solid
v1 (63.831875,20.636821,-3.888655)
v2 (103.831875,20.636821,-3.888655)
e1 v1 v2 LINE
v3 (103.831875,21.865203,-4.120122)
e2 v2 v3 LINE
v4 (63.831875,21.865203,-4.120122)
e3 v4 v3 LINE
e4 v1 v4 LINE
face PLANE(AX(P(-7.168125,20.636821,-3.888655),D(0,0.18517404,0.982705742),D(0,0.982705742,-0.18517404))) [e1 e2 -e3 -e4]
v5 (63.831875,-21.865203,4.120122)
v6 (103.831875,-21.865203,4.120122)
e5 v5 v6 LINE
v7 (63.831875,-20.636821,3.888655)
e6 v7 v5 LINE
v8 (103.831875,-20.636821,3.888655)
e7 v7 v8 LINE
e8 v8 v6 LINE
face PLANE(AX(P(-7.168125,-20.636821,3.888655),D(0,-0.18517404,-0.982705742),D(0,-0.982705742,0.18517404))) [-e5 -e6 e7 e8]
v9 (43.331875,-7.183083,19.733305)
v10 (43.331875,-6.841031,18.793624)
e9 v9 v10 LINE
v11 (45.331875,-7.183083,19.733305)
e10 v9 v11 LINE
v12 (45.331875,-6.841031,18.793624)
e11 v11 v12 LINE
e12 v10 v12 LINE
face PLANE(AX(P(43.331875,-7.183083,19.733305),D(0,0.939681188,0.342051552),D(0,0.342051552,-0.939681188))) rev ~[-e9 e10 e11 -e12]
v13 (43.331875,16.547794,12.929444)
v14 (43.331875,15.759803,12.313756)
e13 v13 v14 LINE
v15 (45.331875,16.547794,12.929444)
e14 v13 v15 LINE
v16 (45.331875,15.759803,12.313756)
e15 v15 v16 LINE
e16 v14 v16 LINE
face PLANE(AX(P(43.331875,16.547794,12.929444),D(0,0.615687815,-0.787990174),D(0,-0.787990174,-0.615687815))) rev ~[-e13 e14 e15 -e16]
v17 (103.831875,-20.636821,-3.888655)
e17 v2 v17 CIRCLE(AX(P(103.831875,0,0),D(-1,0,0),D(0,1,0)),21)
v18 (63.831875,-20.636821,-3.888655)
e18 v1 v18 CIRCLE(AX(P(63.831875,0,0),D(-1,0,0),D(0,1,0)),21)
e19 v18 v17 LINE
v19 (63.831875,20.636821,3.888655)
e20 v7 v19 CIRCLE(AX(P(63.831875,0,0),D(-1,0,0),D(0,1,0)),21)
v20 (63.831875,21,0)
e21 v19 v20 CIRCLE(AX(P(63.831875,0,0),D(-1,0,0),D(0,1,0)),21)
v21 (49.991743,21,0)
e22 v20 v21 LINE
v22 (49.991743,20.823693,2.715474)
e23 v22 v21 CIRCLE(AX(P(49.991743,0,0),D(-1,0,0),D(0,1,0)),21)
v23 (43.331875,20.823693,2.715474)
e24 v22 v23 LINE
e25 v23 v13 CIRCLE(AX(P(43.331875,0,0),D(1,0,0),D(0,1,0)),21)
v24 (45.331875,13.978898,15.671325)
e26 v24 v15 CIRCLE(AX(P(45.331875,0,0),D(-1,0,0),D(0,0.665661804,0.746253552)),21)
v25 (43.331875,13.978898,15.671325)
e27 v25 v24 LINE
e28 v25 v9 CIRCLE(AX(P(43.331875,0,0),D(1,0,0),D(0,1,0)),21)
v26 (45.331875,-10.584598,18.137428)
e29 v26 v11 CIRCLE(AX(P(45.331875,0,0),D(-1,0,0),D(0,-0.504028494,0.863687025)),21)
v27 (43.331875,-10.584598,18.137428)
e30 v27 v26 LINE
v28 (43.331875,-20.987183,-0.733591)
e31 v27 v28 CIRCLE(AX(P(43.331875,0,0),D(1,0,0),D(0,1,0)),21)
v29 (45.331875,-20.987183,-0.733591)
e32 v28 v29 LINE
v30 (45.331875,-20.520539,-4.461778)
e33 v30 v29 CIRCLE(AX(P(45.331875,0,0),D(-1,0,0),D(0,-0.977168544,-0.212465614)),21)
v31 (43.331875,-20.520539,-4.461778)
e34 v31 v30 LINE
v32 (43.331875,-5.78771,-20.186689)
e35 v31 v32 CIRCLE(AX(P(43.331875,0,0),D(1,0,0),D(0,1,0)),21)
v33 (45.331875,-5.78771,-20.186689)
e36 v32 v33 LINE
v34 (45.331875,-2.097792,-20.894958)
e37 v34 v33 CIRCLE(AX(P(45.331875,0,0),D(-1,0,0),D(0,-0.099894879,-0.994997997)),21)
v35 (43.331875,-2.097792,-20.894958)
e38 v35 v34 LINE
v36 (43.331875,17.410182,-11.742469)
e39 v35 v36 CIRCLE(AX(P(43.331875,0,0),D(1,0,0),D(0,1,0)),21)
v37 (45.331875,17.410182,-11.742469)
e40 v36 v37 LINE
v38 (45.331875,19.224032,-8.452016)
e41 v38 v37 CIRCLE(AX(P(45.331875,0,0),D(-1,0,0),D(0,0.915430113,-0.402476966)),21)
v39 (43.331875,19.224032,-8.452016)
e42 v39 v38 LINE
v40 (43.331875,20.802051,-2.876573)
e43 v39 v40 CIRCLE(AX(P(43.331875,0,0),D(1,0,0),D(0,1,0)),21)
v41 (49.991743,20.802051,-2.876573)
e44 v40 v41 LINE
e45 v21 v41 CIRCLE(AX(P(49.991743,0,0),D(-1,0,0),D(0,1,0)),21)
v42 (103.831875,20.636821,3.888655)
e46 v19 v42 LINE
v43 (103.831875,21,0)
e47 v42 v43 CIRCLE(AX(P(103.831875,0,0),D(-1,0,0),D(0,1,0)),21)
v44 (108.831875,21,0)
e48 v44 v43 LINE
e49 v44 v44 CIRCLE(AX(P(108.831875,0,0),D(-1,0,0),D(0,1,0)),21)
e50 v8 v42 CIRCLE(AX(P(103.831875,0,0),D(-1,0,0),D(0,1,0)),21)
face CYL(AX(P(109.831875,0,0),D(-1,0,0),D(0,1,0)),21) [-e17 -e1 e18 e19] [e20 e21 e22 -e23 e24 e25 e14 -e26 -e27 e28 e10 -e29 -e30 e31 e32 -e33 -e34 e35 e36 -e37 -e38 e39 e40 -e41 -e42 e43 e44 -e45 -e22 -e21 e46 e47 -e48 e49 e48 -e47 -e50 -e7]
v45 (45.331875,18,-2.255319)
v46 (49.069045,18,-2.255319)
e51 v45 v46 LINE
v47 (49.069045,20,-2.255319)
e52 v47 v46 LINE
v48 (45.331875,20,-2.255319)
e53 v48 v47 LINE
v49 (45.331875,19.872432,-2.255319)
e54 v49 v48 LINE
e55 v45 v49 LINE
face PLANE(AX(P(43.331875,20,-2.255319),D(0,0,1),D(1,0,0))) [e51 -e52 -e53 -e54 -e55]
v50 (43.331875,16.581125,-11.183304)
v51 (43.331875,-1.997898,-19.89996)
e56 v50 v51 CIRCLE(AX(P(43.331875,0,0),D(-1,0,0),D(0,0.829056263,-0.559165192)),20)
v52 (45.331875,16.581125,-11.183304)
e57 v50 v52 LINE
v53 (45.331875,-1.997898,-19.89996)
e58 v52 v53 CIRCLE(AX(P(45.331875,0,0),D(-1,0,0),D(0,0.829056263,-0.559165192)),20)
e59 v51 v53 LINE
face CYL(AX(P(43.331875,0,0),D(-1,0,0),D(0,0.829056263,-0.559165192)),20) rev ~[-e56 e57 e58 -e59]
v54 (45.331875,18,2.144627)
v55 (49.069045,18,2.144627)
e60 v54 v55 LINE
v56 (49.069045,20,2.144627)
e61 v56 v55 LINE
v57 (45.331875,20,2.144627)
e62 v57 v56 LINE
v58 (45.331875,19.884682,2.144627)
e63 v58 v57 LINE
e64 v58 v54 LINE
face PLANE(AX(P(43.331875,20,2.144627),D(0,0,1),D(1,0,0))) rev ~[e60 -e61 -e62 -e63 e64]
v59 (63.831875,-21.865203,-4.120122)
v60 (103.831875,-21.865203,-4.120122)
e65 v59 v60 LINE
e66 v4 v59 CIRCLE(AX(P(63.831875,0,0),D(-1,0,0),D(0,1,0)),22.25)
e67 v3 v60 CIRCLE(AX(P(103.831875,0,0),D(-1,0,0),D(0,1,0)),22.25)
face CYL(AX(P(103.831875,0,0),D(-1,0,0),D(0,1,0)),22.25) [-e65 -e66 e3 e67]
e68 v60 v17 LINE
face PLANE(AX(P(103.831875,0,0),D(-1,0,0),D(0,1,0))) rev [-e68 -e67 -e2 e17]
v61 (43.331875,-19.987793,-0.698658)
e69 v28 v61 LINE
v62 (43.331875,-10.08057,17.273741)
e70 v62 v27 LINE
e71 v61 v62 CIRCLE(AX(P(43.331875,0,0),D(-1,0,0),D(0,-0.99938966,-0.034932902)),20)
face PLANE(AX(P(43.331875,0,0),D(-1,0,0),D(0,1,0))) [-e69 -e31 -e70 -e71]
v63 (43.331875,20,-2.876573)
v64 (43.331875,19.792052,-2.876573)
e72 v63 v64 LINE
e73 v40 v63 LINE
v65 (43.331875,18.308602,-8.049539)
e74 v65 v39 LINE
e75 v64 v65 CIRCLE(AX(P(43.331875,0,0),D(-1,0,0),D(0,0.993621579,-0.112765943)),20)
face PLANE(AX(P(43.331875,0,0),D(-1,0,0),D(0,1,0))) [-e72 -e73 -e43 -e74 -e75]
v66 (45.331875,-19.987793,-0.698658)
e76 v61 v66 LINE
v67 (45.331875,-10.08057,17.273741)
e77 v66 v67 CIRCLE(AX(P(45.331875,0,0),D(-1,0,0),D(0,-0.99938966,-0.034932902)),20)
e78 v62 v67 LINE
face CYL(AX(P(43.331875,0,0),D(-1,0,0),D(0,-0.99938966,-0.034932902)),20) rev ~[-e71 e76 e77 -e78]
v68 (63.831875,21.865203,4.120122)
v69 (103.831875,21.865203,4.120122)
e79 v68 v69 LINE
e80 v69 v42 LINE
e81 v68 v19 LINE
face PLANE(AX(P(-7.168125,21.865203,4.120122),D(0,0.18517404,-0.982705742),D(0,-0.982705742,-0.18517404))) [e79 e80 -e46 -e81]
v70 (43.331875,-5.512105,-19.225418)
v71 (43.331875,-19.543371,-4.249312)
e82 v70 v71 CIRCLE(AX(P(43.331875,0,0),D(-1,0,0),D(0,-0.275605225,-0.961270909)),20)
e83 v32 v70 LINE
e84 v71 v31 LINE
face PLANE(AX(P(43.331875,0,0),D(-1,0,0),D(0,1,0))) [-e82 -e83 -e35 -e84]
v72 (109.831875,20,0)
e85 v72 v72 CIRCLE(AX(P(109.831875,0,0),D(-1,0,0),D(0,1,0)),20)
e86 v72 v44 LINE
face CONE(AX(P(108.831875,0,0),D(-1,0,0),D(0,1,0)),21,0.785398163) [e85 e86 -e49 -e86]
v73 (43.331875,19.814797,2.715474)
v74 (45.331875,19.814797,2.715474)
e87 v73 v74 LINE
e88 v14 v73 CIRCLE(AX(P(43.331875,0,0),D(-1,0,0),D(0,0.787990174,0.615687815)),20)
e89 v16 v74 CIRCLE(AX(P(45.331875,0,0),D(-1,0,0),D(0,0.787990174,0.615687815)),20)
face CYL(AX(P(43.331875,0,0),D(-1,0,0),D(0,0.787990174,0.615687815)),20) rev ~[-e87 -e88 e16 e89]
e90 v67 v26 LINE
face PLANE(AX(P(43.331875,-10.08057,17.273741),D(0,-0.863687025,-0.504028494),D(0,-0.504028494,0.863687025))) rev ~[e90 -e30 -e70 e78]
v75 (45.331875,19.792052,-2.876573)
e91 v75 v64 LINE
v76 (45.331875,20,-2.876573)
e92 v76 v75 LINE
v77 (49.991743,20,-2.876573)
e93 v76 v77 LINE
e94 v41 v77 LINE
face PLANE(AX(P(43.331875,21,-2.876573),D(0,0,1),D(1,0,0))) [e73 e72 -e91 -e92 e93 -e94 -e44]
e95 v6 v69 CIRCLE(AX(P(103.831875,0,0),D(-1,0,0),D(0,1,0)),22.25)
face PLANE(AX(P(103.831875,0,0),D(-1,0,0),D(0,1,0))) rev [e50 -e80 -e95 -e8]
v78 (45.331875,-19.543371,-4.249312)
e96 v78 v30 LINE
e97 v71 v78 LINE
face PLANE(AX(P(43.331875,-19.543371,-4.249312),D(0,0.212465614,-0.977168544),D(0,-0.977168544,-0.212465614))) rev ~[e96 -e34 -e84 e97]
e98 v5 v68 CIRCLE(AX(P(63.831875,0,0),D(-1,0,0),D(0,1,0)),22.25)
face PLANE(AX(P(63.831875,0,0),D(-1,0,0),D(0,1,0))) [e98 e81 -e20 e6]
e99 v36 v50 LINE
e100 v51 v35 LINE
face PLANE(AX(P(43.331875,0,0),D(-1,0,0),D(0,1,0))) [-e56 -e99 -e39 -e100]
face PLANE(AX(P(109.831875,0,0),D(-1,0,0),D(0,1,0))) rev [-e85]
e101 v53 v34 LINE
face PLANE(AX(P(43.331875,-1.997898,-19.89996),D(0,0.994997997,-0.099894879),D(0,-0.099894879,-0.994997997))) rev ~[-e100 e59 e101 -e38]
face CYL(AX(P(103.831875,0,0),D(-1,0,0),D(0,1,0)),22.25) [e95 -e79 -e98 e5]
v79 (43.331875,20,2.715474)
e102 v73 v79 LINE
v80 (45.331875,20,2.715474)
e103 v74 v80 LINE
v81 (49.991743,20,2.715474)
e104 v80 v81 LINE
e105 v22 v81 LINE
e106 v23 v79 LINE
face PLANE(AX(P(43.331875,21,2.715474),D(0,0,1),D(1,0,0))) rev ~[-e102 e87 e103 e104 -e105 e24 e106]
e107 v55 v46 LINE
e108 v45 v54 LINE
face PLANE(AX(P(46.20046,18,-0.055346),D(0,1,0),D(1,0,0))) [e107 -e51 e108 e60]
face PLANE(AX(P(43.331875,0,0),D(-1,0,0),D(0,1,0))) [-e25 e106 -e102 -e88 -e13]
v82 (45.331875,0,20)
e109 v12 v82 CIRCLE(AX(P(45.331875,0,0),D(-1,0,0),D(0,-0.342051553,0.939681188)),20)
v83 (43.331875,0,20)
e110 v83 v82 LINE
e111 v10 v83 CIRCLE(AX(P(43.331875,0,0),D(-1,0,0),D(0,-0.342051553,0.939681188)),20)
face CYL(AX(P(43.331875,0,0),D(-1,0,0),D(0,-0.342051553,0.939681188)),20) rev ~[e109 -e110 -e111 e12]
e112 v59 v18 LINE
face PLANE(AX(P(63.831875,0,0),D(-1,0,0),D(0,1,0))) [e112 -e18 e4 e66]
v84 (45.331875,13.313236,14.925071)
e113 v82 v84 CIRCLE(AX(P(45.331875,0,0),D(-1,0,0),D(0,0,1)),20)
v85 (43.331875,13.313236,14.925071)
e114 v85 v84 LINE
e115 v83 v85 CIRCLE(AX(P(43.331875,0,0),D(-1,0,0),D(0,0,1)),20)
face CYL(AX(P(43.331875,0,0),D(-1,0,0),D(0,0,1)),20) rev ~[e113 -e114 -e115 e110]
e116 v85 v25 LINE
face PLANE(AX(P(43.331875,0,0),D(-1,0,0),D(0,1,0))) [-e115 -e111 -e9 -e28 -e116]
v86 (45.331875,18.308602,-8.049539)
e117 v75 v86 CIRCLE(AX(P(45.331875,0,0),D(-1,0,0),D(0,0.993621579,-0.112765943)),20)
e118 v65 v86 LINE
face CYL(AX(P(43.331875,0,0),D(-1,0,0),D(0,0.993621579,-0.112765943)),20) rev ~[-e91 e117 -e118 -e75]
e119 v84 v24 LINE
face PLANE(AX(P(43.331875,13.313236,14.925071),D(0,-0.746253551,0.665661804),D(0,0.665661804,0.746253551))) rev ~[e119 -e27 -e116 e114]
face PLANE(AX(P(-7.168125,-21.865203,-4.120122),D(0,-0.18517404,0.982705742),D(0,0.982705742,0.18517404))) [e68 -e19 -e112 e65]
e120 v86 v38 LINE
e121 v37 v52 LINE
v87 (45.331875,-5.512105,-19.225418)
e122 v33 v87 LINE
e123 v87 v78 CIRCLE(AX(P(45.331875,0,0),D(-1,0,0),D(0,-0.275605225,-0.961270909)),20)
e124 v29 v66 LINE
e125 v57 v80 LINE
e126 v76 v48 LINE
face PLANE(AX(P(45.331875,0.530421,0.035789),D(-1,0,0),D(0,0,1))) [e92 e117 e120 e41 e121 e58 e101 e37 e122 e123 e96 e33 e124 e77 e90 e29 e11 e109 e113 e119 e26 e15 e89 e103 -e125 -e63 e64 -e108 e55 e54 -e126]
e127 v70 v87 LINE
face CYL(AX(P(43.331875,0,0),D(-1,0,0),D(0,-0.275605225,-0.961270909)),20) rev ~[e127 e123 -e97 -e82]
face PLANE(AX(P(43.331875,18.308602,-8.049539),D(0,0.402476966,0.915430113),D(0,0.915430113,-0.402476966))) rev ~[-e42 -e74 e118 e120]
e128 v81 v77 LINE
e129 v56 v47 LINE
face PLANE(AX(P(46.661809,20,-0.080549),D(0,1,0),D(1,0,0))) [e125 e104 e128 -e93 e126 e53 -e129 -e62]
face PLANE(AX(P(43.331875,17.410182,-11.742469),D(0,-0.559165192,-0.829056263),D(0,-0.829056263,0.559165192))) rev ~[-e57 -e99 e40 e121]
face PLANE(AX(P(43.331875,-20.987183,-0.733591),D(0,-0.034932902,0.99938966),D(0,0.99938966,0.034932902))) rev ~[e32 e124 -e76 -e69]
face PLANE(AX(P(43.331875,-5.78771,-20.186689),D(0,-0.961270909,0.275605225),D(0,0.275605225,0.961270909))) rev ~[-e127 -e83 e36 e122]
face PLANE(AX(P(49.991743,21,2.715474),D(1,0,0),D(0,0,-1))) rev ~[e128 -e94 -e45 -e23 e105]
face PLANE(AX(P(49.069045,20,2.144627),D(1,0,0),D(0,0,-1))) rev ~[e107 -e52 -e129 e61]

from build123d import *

# Parameters (mm, degrees)
CHAMFER2_SIZE      = 1
CUT_EXTRUDE1_START = -111
CUT_EXTRUDE1_DEPTH = 111
SKETCH3_W          = 6.659868337
SKETCH3_H          = 5.59204707
CUT_EXTRUDE2_DEPTH = 1
SKETCH4_W          = 5.737170607
SKETCH4_H          = 4.399946053
CUT_EXTRUDE3_DEPTH = 2
CUT_EXTRUDE4_DEPTH = 2
SKETCH6_W          = 0.57084709
SKETCH6_H          = 1.008895736
CUT_EXTRUDE5_DEPTH = 2


with BuildPart() as part:
    # Sketch1 → Revolve1 (revolve)
    with BuildSketch(Plane.XY, mode=Mode.PRIVATE) as revolve1_sk:
        Polygon((43.331874727, 0), (109.831874727, 0), (109.831874727, -21), (103.831874727, -21), (103.831874727, -22.25), (63.831874727, -22.25), (63.831874727, -21), (43.331874727, -21), align=None)
    revolve(revolve1_sk.sketch.rotate(Axis((169.06951142, 0, 0), (-1, 0, 0)), 180), axis=Axis((169.06951142, 0, 0), (-1, 0, 0)))

    # Chamfer2
    chamfer2_edges = [part.edges().sort_by_distance(p)[0] for p in [
        (109.831874727, -21, 0),
    ]]
    chamfer(chamfer2_edges, length=CHAMFER2_SIZE)

    # Sketch2 → Cut-Extrude1 (cut)
    with BuildSketch(Plane(origin=(103.831874727, 0, 0), x_dir=(0, 0, -1), z_dir=(1, 0, 0)).offset(CUT_EXTRUDE1_START)):
        with BuildLine():
            Line((-4.120122391, 21.865202754), (-3.888654841, 20.636820577))
            ThreePointArc((-3.888654841, 20.636820577), (0, 21), (3.888654841, 20.636820577))
            Line((3.888654841, 20.636820577), (4.120122391, 21.865202754))
            ThreePointArc((4.120122391, 21.865202754), (0, 22.25), (-4.120122391, 21.865202754))
        make_face()
        with BuildLine():
            ThreePointArc((3.888654841, -20.636820577), (0, -21), (-3.888654841, -20.636820577))
            Line((-3.888654841, -20.636820577), (-4.120122391, -21.865202754))
            ThreePointArc((-4.120122391, -21.865202754), (0, -22.25), (4.120122391, -21.865202754))
            Line((4.120122391, -21.865202754), (3.888654841, -20.636820577))
        make_face()
    extrude(amount=CUT_EXTRUDE1_DEPTH, mode=Mode.SUBTRACT)

    # Sketch3 → Cut-Extrude2 (cut)
    with BuildSketch(Plane(origin=(0, 21, 0), x_dir=(1, 0, 0), z_dir=(0, 1, 0))):
        with Locations((46.661808896, 0.080549256)):
            Rectangle(SKETCH3_W, SKETCH3_H)
    extrude(amount=-CUT_EXTRUDE2_DEPTH, mode=Mode.SUBTRACT)

    # Sketch4 → Cut-Extrude3 (cut)
    with BuildSketch(Plane(origin=(0, 20, 0), x_dir=(1, 0, 0), z_dir=(0, 1, 0))):
        with Locations((46.200460031, 0.055345837)):
            Rectangle(SKETCH4_W, SKETCH4_H)
    extrude(amount=-CUT_EXTRUDE3_DEPTH, mode=Mode.SUBTRACT)

    # Sketch5 → Cut-Extrude4 (cut)
    with BuildSketch(Plane.ZY.offset(-43.331874727)):
        with BuildLine():
            ThreePointArc((14.925071035, 13.313236068), (13.674240438, 14.595038488), (12.31375629, 15.759803489))
            ThreePointArc((12.31375629, 15.759803489), (7.517637174, 18.533351864), (2.144627189, 19.884681899))
            Line((2.144627189, 19.884681899), (2.144627189, 18))
            Line((2.144627189, 18), (-2.255318864, 18))
            Line((-2.255318864, 18), (-2.255318864, 19.872431578))
            ThreePointArc((-2.255318864, 19.872431578), (-5.211421697, 19.309093296), (-8.049539324, 18.308602259))
            ThreePointArc((-8.049539324, 18.308602259), (-9.655133779, 17.5150904), (-11.183303846, 16.581125266))
            ThreePointArc((-11.183303846, 16.581125266), (-18.10627914, 8.494860547), (-19.899959931, -1.997897586))
            ThreePointArc((-19.899959931, -1.997897586), (-19.641441279, -3.770117305), (-19.225418173, -5.512104503))
            ThreePointArc((-19.225418173, -5.512104503), (-13.674240438, -14.595038488), (-4.249312288, -19.543370873))
            ThreePointArc((-4.249312288, -19.543370873), (-2.483944519, -19.845151036), (-0.698658033, -19.987793199))
            ThreePointArc((-0.698658033, -19.987793199), (9.655133779, -17.5150904), (17.273740508, -10.080569868))
            ThreePointArc((17.273740508, -10.080569868), (18.10627914, -8.494860547), (18.793623762, -6.841031054))
            ThreePointArc((18.793623762, -6.841031054), (19.696097015, -3.473292728), (20, 0))
            ThreePointArc((20, 0), (18.688250596, 7.123853568), (14.925071035, 13.313236068))
        make_face()
        with BuildLine():
            Line((2.144627189, 18), (2.144627189, 19.884681899))
            ThreePointArc((2.144627189, 19.884681899), (-0.055683744, 19.999922483), (-2.255318864, 19.872431578))
            Line((-2.255318864, 19.872431578), (-2.255318864, 18))
            Line((-2.255318864, 18), (2.144627189, 18))
        make_face()
        with BuildLine():
            ThreePointArc((-11.183303846, 16.581125266), (-9.655133779, 17.5150904), (-8.049539324, 18.308602259))
            Line((-8.049539324, 18.308602259), (-8.45201629, 19.224032372))
            ThreePointArc((-8.45201629, 19.224032372), (-10.137890468, 18.39084492), (-11.742469038, 17.410181529))
            Line((-11.742469038, 17.410181529), (-11.183303846, 16.581125266))
        make_face()
        with BuildLine():
            Line((12.929444105, 16.547793664), (12.31375629, 15.759803489))
            ThreePointArc((12.31375629, 15.759803489), (13.674240438, 14.595038488), (14.925071035, 13.313236068))
            Line((14.925071035, 13.313236068), (15.671324586, 13.978897872))
            ThreePointArc((15.671324586, 13.978897872), (14.357952459, 15.324790412), (12.929444105, 16.547793664))
        make_face()
        with BuildLine():
            Line((19.733304951, -7.183082606), (18.793623762, -6.841031054))
            ThreePointArc((18.793623762, -6.841031054), (18.10627914, -8.494860547), (17.273740508, -10.080569868))
            Line((17.273740508, -10.080569868), (18.137427533, -10.584598362))
            ThreePointArc((18.137427533, -10.584598362), (19.011593097, -8.919603575), (19.733304951, -7.183082606))
        make_face()
        with BuildLine():
            Line((-0.733590935, -20.987182859), (-0.698658033, -19.987793199))
            ThreePointArc((-0.698658033, -19.987793199), (-2.483944519, -19.845151036), (-4.249312288, -19.543370873))
            Line((-4.249312288, -19.543370873), (-4.461777902, -20.520539417))
            ThreePointArc((-4.461777902, -20.520539417), (-2.608141745, -20.837408587), (-0.733590935, -20.987182859))
        make_face()
        with BuildLine():
            ThreePointArc((-19.225418173, -5.512104503), (-19.641441279, -3.770117305), (-19.899959931, -1.997897586))
            Line((-19.899959931, -1.997897586), (-20.894957927, -2.097792465))
            ThreePointArc((-20.894957927, -2.097792465), (-20.623513343, -3.95862317), (-20.186689082, -5.787709728))
            Line((-20.186689082, -5.787709728), (-19.225418173, -5.512104503))
        make_face()
    extrude(amount=-CUT_EXTRUDE4_DEPTH, mode=Mode.SUBTRACT)

    # Sketch6 → Cut-Extrude5 (cut)
    with BuildSketch(Plane.ZY.offset(-43.331874727)):
        with Locations((2.430050734, 20.319245355)):
            Rectangle(SKETCH6_W, SKETCH6_H)
        Polygon((-2.876572791, 20.802051076), (-2.876572791, 19.720628681), (-2.255318864, 19.720628681), (-2.255318864, 20.908214592), (-2.876572791, 20.908214592), align=None)
    extrude(amount=-CUT_EXTRUDE5_DEPTH, mode=Mode.SUBTRACT)


solid = part.part
